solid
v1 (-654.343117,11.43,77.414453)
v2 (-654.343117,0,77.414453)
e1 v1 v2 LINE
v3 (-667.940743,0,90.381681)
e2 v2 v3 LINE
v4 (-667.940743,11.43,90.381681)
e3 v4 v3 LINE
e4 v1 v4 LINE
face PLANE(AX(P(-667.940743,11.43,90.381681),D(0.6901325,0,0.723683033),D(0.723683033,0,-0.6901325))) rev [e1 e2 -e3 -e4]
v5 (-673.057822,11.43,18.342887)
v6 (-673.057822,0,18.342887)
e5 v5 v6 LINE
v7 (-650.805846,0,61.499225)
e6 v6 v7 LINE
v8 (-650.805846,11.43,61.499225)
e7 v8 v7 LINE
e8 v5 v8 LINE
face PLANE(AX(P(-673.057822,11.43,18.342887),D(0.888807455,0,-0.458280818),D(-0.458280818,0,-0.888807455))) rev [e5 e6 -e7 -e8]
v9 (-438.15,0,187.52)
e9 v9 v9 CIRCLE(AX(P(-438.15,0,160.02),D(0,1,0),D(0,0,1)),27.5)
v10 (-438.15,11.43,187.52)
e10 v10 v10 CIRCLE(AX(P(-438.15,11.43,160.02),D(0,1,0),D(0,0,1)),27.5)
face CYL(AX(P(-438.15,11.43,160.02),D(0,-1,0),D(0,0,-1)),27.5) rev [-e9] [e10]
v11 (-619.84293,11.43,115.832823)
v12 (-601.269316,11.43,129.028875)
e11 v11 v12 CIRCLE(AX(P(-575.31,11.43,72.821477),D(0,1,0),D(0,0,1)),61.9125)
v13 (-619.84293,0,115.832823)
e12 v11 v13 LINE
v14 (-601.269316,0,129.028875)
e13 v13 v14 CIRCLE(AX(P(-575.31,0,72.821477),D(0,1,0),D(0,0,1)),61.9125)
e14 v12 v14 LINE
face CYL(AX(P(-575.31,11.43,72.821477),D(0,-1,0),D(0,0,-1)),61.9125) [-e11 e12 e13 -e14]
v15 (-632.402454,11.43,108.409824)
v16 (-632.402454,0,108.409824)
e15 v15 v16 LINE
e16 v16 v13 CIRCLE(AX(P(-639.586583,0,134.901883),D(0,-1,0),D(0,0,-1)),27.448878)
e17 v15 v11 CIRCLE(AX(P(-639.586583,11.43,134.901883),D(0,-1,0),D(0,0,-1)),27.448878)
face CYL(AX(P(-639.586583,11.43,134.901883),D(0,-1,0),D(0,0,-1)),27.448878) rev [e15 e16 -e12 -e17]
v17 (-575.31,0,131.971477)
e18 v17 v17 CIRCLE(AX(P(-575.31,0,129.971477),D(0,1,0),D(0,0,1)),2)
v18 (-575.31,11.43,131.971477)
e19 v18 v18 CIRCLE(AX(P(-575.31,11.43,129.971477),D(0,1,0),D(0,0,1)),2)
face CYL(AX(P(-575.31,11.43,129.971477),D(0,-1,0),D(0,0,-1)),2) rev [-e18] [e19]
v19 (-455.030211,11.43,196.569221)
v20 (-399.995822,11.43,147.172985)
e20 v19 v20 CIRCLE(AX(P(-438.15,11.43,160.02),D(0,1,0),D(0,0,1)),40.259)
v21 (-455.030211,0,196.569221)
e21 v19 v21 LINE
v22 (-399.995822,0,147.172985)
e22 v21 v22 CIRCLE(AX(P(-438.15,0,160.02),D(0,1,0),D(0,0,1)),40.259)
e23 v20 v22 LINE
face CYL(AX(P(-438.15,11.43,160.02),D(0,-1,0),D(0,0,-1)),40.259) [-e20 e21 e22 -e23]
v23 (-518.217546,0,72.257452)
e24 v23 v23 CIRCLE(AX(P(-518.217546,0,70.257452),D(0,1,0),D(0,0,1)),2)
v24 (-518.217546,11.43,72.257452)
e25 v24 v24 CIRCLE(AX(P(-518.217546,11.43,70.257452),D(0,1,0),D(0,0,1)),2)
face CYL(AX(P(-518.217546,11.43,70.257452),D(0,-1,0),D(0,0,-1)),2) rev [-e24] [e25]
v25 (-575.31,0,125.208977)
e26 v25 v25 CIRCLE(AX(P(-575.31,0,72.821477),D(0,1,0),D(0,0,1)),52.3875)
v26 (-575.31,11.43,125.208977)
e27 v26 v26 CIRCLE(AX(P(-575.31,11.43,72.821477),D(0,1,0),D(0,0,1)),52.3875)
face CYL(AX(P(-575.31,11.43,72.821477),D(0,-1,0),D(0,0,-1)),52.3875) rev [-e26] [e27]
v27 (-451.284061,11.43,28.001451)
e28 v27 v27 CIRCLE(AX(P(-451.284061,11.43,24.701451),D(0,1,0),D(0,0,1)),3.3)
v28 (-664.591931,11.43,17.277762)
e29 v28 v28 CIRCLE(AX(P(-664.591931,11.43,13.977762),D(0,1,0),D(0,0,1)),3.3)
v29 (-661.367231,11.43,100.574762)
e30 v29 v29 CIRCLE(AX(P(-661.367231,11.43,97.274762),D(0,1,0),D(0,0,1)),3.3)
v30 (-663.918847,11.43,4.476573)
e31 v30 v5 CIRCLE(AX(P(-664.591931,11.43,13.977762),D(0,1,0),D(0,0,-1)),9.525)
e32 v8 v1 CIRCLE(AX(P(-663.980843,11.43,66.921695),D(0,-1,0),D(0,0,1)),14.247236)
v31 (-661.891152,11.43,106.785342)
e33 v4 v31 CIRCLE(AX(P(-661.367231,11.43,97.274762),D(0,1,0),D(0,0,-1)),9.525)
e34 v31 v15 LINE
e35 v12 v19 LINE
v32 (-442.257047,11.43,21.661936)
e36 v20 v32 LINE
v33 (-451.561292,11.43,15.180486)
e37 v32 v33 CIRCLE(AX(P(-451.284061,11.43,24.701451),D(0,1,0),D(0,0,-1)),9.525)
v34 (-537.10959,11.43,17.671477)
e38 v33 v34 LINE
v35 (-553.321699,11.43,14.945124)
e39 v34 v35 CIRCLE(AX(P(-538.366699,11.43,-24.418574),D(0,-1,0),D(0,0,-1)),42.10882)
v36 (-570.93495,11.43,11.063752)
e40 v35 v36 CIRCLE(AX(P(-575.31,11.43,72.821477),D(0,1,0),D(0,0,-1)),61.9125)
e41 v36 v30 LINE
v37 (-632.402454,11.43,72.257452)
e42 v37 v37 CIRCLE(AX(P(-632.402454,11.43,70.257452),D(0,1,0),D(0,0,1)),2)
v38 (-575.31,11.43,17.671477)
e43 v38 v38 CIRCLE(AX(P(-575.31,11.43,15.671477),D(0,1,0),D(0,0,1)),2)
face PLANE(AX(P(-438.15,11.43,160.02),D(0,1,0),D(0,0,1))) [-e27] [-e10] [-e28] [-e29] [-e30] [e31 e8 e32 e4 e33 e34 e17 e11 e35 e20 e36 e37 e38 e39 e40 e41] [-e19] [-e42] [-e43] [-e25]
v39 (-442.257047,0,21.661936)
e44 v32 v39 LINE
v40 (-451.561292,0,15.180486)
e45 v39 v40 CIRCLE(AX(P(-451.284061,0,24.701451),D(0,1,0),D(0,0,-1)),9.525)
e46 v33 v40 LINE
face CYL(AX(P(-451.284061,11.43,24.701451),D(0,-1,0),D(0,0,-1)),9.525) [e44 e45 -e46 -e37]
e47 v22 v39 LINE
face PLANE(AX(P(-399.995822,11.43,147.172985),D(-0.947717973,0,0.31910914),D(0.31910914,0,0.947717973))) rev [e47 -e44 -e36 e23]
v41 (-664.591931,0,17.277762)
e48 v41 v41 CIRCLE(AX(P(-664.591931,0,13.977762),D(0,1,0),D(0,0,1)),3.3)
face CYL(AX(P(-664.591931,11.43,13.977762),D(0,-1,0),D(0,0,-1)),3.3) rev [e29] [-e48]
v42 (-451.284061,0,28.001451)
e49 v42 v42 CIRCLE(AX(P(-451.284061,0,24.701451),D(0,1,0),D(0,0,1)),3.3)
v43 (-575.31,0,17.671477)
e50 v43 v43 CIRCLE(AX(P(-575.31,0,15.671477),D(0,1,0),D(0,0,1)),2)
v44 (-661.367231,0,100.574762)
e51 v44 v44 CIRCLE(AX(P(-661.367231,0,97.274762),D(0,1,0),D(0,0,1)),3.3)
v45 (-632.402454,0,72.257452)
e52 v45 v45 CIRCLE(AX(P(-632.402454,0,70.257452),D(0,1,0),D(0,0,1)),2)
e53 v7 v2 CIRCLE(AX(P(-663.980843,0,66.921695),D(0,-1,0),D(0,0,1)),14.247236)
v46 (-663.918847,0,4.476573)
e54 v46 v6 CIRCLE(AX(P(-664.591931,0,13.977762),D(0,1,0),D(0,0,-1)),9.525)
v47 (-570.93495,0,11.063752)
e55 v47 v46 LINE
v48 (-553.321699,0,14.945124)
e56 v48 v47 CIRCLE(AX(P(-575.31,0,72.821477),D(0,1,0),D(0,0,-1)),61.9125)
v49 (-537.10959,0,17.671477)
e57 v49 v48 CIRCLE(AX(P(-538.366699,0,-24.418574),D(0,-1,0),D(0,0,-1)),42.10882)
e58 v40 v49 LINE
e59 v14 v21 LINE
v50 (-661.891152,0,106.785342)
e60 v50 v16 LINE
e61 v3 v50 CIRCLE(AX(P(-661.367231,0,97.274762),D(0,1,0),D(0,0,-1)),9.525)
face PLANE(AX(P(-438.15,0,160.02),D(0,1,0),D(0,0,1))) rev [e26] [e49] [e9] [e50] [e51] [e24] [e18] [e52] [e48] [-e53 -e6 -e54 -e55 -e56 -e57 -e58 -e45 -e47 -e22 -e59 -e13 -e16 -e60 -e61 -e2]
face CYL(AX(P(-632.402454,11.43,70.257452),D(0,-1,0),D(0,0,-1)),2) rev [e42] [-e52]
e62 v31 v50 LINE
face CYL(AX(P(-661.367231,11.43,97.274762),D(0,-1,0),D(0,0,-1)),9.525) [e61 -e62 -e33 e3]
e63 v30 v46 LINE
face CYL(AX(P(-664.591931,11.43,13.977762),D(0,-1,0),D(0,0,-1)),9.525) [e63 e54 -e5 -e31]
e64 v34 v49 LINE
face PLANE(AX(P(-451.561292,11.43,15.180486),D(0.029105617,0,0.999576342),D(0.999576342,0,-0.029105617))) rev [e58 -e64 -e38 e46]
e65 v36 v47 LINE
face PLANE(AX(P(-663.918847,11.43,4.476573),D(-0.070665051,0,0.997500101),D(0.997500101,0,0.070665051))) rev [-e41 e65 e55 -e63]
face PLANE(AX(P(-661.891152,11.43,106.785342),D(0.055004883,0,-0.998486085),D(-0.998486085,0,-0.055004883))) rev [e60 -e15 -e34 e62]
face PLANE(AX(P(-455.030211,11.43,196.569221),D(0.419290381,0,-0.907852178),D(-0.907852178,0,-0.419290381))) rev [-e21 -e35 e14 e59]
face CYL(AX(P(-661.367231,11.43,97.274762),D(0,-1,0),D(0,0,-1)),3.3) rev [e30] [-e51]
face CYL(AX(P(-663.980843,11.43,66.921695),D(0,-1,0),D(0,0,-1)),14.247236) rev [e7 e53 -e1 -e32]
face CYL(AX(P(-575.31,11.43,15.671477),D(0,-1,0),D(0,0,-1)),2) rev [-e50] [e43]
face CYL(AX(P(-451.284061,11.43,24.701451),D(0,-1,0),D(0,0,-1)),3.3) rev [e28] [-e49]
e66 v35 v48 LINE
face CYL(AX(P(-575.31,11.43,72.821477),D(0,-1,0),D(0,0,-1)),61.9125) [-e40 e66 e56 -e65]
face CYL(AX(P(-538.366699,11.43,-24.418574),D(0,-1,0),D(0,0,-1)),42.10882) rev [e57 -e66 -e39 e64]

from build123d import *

# Parameters (mm, degrees)
SKETCH1_R           = 3.3
SKETCH1_R_2         = 27.5
SKETCH1_R_3         = 52.3875
SKETCH1_R_4         = 2
BOSS_EXTRUDE1_DEPTH = 11.43


with BuildPart() as part:
    # Sketch1 → Boss-Extrude1 (new body)
    with BuildSketch(Plane(origin=(0, 0, 0), x_dir=(1, 0, 0), z_dir=(0, 1, 0))):
        with BuildLine():
            Line((-455.030211447, -196.569220819), (-601.269315712, -129.028875319))
            ThreePointArc((-601.269315712, -129.028875319), (-611.168375764, -123.292603215), (-619.842929594, -115.832822829))
            ThreePointArc((-619.842929594, -115.832822829), (-625.62049557, -111.271620388), (-632.402453753, -108.409823836))
            Line((-632.402453753, -108.409823836), (-661.891152149, -106.785342117))
            ThreePointArc((-661.891152149, -106.785342117), (-670.303863855, -100.570549133), (-667.940742704, -90.381681261))
            Line((-667.940742704, -90.381681261), (-654.343117313, -77.414452829))
            ThreePointArc((-654.343117313, -77.414452829), (-650.072978561, -70.012815509), (-650.805846426, -61.499224923))
            Line((-650.805846426, -61.499224923), (-673.057822329, -18.34288652))
            ThreePointArc((-673.057822329, -18.34288652), (-672.544957076, -8.73610108), (-663.918846707, -4.476573271))
            Line((-663.918846707, -4.476573271), (-570.934950003, -11.063752399))
            ThreePointArc((-570.934950003, -11.063752399), (-561.986230526, -12.359631359), (-553.321698813, -14.945124108))
            ThreePointArc((-553.321698813, -14.945124108), (-545.349986654, -17.107158275), (-537.109590399, -17.671477372))
            Line((-537.109590399, -17.671477372), (-451.561292182, -15.180486069))
            ThreePointArc((-451.561292182, -15.180486069), (-445.839616936, -16.885847624), (-442.257047488, -21.661936169))
            Line((-442.257047488, -21.661936169), (-399.995822112, -147.172985144))
            ThreePointArc((-399.995822112, -147.172985144), (-411.258692171, -189.980718354), (-455.030211447, -196.569220819))
        make_face()
        with Locations(Location((-661.367230642, -97.274762153, 0), (0, 0, 270))):
            Circle(SKETCH1_R, mode=Mode.SUBTRACT)
        with Locations(Location((-664.591931322, -13.977761728, 0), (0, 0, 270))):
            Circle(SKETCH1_R, mode=Mode.SUBTRACT)
        with Locations(Location((-451.284061184, -24.701450725, 0), (0, 0, 270))):
            Circle(SKETCH1_R, mode=Mode.SUBTRACT)
        with Locations(Location((-438.15, -160.02, 0), (0, 0, 270))):
            Circle(SKETCH1_R_2, mode=Mode.SUBTRACT)
        with Locations(Location((-575.31, -72.821477372, 0), (0, 0, 270))):
            Circle(SKETCH1_R_3, mode=Mode.SUBTRACT)
        with Locations(Location((-632.402453753, -70.257452317, 0), (0, 0, 270))):
            Circle(SKETCH1_R_4, mode=Mode.SUBTRACT)
        with BuildLine():
            ThreePointArc((-575.31, -17.671477372), (-573.31, -15.671477372), (-575.31, -13.671477372))
            ThreePointArc((-575.31, -13.671477372), (-577.31, -15.671477372), (-575.31, -17.671477372))
        make_face(mode=Mode.SUBTRACT)
        with BuildLine():
            ThreePointArc((-518.217546247, -72.257452317), (-516.217546247, -70.257452317), (-518.217546247, -68.257452317))
            ThreePointArc((-518.217546247, -68.257452317), (-520.217546247, -70.257452317), (-518.217546247, -72.257452317))
        make_face(mode=Mode.SUBTRACT)
        with BuildLine():
            ThreePointArc((-575.31, -131.971477372), (-573.31, -129.971477372), (-575.31, -127.971477372))
            ThreePointArc((-575.31, -127.971477372), (-577.31, -129.971477372), (-575.31, -131.971477372))
        make_face(mode=Mode.SUBTRACT)
    extrude(amount=BOSS_EXTRUDE1_DEPTH)


solid = part.part
